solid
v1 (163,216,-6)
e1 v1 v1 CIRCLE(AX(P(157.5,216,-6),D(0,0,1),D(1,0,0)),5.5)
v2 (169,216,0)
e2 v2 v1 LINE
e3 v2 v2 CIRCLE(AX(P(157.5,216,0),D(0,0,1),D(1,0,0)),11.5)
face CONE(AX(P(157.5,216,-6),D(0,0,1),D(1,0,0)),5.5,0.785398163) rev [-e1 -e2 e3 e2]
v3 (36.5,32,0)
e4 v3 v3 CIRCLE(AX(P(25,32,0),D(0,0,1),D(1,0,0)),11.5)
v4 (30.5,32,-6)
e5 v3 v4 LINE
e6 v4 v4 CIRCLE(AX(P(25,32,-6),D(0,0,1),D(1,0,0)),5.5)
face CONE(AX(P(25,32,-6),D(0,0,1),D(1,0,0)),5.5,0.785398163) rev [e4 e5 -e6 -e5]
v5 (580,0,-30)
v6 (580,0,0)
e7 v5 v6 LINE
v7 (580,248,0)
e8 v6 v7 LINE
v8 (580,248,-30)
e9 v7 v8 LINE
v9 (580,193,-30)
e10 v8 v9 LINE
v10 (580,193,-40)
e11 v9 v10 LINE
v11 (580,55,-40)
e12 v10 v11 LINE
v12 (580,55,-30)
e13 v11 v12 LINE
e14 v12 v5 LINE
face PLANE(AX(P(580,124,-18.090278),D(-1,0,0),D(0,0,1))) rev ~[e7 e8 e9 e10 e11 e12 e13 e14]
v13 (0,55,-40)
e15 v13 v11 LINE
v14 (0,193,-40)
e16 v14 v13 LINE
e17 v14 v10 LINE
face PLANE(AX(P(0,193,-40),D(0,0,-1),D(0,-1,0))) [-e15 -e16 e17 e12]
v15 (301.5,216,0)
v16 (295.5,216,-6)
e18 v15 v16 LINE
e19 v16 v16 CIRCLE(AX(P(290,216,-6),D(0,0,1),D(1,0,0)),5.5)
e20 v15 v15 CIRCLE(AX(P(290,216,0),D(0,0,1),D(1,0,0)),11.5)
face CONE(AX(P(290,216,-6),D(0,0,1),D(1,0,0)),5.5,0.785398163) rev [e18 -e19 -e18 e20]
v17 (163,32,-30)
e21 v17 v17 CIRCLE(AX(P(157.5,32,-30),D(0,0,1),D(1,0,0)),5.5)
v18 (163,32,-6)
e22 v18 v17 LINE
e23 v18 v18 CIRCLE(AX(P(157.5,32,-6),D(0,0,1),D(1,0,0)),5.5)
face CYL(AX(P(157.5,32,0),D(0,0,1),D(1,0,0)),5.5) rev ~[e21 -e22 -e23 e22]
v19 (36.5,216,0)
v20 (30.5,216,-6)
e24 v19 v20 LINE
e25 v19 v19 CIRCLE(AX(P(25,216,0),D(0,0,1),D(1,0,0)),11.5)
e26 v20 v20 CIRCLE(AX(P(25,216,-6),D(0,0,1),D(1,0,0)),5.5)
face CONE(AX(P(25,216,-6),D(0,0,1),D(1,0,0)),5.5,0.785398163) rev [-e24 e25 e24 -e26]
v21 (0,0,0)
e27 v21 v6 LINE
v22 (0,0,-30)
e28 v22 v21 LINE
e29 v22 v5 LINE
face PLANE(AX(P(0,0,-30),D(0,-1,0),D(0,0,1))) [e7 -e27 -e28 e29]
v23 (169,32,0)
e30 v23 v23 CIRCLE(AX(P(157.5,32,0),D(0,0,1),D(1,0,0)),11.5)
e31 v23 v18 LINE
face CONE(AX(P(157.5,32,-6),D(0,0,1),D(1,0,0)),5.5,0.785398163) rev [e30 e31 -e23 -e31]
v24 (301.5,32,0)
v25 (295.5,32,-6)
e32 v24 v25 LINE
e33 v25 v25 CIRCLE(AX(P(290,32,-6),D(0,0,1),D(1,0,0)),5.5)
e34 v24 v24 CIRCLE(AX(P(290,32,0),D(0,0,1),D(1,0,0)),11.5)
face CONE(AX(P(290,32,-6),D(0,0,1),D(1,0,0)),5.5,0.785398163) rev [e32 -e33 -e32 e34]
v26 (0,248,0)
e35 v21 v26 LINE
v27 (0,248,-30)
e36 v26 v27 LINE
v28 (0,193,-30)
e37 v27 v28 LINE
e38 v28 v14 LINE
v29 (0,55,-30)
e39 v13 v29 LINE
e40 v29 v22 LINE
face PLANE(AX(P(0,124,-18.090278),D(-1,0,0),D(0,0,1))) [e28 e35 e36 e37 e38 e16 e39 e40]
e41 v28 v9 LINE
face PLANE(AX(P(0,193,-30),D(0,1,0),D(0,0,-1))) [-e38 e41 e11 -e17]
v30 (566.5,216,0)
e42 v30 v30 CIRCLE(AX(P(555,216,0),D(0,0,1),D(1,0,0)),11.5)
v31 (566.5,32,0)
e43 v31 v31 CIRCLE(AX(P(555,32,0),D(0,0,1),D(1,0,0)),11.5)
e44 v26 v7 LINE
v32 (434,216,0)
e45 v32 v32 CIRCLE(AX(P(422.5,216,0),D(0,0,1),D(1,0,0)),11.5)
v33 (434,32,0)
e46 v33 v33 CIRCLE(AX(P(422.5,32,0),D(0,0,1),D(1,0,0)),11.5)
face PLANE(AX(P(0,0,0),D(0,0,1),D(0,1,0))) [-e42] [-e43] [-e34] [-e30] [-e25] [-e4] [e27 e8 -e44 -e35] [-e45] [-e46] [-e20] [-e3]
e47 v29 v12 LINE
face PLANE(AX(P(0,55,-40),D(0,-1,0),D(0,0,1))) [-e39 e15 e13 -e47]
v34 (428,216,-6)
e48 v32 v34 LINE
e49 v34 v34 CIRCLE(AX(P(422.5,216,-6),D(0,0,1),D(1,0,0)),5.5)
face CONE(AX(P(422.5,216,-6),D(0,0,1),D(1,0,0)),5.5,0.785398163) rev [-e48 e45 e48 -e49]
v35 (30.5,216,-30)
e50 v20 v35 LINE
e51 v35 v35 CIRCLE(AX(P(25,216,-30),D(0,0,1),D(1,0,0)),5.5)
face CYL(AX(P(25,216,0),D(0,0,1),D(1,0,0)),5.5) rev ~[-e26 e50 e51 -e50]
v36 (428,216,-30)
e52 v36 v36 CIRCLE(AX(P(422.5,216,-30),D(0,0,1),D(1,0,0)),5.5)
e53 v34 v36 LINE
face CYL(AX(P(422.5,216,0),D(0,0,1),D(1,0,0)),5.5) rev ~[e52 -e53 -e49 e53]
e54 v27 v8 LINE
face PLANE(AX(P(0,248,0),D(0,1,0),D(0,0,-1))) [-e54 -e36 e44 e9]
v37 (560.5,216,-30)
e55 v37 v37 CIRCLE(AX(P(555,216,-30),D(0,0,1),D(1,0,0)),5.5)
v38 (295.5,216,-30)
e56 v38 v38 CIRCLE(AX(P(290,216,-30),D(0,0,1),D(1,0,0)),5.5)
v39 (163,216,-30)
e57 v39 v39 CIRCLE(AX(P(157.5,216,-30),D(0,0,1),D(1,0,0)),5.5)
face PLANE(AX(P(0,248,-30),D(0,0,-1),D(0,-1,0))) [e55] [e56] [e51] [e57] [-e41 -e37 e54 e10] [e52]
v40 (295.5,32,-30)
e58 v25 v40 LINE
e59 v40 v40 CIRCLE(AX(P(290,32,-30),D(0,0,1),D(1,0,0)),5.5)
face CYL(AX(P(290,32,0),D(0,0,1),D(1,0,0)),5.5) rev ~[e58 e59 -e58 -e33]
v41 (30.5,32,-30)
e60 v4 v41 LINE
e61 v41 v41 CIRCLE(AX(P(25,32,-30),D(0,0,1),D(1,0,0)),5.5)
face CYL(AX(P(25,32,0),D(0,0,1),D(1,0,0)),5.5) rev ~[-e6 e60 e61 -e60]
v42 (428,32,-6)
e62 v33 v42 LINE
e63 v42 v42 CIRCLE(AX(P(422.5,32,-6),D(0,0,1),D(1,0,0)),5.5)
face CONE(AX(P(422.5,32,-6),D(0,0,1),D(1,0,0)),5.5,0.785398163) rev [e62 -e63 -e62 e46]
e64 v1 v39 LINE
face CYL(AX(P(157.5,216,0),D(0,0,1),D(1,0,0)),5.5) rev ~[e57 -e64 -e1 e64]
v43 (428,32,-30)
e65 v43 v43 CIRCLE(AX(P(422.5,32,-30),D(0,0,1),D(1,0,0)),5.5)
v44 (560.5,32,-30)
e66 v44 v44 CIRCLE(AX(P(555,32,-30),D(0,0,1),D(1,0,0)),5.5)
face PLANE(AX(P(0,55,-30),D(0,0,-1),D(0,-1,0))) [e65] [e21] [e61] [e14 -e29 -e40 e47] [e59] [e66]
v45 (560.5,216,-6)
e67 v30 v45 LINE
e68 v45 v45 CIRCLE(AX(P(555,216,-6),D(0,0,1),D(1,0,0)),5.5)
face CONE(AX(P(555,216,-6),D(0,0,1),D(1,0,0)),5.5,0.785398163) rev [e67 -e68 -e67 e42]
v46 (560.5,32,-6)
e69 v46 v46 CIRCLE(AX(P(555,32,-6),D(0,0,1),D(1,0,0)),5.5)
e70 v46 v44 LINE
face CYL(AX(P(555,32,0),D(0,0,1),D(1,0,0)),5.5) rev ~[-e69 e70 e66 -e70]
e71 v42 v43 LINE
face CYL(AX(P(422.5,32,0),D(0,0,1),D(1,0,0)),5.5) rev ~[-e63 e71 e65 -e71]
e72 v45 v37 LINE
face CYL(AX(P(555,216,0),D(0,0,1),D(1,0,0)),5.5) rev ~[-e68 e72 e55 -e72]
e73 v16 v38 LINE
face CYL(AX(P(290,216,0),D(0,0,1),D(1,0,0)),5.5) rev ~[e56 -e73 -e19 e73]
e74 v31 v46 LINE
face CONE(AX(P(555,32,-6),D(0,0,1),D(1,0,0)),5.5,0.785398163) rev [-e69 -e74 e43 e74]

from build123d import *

# Parameters (mm, degrees)
SALIENTE_EXTRUIR1_DEPTH = 580
CROQUIS3_R              = 5.5
CORTAR_EXTRUIR1_DEPTH   = 580
CHAFL_N2_SIZE           = 6


with BuildPart() as part:
    # Croquis2 → Saliente-Extruir1 (new body)
    with BuildSketch(Plane(origin=(0, 0, 0), x_dir=(0, 0, -1), z_dir=(1, 0, 0))):
        Polygon((0, 0), (0, 248), (30, 248), (30, 193), (40, 193), (40, 55), (30, 55), (30, 0), align=None)
    extrude(amount=SALIENTE_EXTRUIR1_DEPTH)

    # Croquis3 → Cortar-Extruir1 (cut)
    with BuildSketch(Plane.XY):
        with Locations((25, 216)):
            Circle(CROQUIS3_R)
        with Locations((25, 32)):
            Circle(CROQUIS3_R)
        with Locations((157.5, 216)):
            Circle(CROQUIS3_R)
        with Locations((157.5, 32)):
            Circle(CROQUIS3_R)
        with Locations((290, 216)):
            Circle(CROQUIS3_R)
        with Locations((290, 32)):
            Circle(CROQUIS3_R)
        with Locations((422.5, 216)):
            Circle(CROQUIS3_R)
        with Locations((422.5, 32)):
            Circle(CROQUIS3_R)
        with Locations((555, 216)):
            Circle(CROQUIS3_R)
        with Locations((555, 32)):
            Circle(CROQUIS3_R)
    extrude(amount=-CORTAR_EXTRUIR1_DEPTH, mode=Mode.SUBTRACT)

    # Chaflán2
    chafl_n2_edges = [part.edges().sort_by_distance(p)[0] for p in [
        (284.5, 32, 0),
        (417, 216, 0),
        (417, 32, 0),
        (549.5, 216, 0),
        (19.5, 32, 0),
        (152, 216, 0),
        (152, 32, 0),
        (284.5, 216, 0),
        (549.5, 32, 0),
        (19.5, 216, 0),
    ]]
    chamfer(chafl_n2_edges, length=CHAFL_N2_SIZE)


solid = part.part
